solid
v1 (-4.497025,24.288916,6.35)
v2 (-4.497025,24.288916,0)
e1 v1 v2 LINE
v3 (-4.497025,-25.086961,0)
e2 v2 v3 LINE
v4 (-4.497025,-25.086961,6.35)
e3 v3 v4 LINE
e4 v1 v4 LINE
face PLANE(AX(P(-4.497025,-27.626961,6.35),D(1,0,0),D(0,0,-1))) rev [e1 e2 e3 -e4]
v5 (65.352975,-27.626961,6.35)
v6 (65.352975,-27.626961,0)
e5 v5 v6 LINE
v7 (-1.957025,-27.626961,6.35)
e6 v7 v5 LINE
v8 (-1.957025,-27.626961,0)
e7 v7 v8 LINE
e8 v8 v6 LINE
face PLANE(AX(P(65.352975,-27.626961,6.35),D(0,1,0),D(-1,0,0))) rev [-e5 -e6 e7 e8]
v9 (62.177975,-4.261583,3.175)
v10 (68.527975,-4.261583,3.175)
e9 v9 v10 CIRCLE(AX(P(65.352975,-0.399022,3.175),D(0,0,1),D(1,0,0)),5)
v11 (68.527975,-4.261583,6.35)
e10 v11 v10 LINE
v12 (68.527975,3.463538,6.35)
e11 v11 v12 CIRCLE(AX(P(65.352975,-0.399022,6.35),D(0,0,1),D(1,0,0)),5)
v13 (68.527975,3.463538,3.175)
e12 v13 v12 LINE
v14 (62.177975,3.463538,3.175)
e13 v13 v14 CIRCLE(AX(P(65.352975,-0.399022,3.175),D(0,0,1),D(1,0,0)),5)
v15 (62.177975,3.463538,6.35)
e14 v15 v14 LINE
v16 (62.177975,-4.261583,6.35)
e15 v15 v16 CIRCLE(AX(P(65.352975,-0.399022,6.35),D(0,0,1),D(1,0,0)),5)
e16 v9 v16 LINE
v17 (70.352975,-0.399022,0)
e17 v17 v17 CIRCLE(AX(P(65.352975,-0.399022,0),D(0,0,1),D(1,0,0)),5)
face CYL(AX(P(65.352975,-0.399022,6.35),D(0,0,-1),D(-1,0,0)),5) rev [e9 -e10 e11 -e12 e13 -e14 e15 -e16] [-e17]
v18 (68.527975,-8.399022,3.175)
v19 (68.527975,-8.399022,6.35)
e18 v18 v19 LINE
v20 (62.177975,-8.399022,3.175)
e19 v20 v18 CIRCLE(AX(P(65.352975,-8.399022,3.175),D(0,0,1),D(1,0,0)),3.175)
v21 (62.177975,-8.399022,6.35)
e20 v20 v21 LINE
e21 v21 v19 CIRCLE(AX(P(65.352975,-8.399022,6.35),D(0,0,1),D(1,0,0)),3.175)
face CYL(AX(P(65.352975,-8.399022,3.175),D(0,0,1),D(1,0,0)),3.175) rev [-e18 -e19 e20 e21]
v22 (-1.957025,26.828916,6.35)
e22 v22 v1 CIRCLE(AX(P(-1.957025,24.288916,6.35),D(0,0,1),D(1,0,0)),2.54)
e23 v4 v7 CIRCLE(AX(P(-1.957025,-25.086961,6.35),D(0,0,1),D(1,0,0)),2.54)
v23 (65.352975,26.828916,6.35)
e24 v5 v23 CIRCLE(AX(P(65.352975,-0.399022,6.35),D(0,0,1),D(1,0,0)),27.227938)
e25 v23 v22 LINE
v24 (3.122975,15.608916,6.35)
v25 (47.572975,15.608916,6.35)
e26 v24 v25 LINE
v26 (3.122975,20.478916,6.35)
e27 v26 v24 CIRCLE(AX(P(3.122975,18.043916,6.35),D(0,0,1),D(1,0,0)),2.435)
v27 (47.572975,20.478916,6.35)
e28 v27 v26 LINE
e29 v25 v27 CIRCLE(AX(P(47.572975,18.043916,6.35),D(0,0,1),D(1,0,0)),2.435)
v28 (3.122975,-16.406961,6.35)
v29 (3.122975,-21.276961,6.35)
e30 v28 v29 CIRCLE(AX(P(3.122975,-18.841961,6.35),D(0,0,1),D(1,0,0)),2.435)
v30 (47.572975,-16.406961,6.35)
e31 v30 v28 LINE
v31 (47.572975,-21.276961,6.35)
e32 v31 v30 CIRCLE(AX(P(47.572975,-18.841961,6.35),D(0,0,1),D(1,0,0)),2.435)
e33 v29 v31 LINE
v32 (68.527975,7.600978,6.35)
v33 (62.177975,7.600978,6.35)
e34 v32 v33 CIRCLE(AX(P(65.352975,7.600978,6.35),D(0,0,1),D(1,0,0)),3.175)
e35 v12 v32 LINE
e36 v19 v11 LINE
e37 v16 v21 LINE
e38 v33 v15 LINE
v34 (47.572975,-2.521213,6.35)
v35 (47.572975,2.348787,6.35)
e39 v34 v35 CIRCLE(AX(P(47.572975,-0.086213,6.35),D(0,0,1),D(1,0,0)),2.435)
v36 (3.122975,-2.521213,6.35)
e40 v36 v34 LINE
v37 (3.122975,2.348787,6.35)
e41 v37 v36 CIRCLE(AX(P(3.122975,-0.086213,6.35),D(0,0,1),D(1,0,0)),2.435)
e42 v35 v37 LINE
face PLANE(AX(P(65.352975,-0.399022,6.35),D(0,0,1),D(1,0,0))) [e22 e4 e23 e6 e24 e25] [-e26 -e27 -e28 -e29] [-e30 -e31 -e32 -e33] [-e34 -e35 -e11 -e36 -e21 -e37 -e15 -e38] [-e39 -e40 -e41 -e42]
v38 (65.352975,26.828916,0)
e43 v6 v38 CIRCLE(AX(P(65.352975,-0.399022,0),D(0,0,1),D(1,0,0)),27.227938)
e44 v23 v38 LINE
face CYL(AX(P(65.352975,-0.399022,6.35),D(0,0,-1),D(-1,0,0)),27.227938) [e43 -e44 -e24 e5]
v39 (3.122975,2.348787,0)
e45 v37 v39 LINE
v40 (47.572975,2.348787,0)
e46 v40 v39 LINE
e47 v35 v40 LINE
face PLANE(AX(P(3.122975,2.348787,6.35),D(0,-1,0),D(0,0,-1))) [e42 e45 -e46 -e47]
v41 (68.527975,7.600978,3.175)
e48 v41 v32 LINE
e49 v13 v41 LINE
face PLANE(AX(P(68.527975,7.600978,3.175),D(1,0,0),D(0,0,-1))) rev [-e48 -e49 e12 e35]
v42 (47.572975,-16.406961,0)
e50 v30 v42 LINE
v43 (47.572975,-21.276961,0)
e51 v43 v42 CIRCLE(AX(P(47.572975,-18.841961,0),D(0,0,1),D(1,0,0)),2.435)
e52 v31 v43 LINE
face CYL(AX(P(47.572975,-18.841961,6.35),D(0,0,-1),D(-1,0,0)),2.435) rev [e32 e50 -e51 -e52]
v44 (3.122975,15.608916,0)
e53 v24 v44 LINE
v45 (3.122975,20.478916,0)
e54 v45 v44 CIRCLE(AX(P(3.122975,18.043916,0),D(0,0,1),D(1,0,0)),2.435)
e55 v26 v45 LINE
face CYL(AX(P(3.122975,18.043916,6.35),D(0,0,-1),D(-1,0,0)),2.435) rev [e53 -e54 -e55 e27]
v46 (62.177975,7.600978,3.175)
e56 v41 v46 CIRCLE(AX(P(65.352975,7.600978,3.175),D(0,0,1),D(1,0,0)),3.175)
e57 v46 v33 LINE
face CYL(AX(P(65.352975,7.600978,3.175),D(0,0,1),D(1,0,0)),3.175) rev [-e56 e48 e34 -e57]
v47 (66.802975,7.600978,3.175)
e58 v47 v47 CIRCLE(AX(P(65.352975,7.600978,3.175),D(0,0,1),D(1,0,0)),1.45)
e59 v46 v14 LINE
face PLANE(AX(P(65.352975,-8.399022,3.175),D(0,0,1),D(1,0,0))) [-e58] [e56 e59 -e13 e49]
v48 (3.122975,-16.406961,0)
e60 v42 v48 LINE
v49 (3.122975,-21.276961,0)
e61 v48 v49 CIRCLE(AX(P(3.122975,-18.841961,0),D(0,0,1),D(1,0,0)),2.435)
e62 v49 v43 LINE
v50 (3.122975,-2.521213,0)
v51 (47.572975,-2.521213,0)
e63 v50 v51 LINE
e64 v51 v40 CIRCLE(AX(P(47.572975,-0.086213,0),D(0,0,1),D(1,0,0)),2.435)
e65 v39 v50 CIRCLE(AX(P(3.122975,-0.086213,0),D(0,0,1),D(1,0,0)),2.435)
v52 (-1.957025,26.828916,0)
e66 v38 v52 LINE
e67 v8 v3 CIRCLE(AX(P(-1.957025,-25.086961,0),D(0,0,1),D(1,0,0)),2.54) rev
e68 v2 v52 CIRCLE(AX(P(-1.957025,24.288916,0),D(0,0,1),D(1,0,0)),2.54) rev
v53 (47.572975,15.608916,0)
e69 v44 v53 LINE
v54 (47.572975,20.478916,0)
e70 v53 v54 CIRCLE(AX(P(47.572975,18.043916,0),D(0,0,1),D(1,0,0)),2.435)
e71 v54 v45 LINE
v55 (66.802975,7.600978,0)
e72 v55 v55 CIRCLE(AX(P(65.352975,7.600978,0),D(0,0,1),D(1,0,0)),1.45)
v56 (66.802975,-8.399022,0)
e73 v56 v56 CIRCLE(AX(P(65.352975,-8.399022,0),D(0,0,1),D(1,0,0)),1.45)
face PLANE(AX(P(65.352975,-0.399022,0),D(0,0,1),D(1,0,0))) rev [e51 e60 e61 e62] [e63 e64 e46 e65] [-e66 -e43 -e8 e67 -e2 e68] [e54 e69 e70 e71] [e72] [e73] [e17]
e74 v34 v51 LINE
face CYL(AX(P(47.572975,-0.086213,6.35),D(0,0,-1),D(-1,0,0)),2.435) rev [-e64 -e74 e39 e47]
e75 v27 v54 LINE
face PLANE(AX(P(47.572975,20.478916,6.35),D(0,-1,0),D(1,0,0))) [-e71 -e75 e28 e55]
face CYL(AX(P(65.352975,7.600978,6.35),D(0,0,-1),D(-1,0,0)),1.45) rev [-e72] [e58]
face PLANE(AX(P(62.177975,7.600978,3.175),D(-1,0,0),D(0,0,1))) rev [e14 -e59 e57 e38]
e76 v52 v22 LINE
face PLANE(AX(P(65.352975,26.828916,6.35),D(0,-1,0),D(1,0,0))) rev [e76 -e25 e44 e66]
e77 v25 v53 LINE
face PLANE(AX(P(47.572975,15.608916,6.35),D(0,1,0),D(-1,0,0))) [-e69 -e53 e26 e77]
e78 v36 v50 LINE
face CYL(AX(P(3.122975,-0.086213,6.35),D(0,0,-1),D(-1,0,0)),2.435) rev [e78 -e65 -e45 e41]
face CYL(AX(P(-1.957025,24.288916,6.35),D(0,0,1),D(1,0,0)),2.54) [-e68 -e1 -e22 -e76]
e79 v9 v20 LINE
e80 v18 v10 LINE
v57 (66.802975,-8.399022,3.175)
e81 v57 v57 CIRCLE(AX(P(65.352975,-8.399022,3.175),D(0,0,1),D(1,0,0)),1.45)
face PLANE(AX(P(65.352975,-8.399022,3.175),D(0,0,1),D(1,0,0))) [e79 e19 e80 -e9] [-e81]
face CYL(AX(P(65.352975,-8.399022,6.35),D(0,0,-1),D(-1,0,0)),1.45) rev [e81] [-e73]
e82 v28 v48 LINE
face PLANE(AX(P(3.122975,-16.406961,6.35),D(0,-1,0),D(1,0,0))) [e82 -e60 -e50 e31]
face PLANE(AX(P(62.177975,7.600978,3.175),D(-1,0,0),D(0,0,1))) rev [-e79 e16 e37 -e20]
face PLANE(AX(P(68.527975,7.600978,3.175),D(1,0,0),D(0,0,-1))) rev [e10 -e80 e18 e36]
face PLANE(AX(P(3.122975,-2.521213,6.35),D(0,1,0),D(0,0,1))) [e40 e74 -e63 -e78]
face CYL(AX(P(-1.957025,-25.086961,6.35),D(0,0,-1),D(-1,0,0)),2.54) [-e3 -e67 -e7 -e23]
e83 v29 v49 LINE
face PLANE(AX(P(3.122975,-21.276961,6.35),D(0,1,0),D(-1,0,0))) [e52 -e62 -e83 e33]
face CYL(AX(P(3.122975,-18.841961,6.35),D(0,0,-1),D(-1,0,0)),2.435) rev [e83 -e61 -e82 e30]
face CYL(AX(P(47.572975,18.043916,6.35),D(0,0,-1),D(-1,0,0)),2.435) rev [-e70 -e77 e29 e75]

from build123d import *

# Parameters (mm, degrees)
SKETCH1_R           = 5
SKETCH1_R_2         = 1.45
BOSS_EXTRUDE1_DEPTH = 6.35
FILLET1_R           = 2.54
FILLET2_R           = 2.54
CUT_EXTRUDE1_DEPTH  = 3.175


with BuildPart() as part:
    # Sketch1 → Boss-Extrude1 (new body)
    with BuildSketch(Plane.XY):
        with BuildLine():
            Line((-4.497024954, -27.626960595), (-4.497024954, 26.828916206))
            Line((-4.497024954, 26.828916206), (65.352975046, 26.828916206))
            ThreePointArc((65.352975046, 26.828916206), (92.580913446, -0.399022195), (65.352975046, -27.626960595))
            Line((65.352975046, -27.626960595), (-4.497024954, -27.626960595))
        make_face()
        with Locations((65.352975046, -0.399022195)):
            Circle(SKETCH1_R, mode=Mode.SUBTRACT)
        with Locations((65.352975046, 7.600977805)):
            Circle(SKETCH1_R_2, mode=Mode.SUBTRACT)
        with Locations((65.352975046, -8.399022195)):
            Circle(SKETCH1_R_2, mode=Mode.SUBTRACT)
        with BuildLine():
            Line((47.572975046, 15.608916206), (3.122975046, 15.608916206))
            ThreePointArc((3.122975046, 15.608916206), (0.687975046, 18.043916206), (3.122975046, 20.478916206))
            Line((3.122975046, 20.478916206), (47.572975046, 20.478916206))
            ThreePointArc((47.572975046, 20.478916206), (50.007975046, 18.043916206), (47.572975046, 15.608916206))
        make_face(mode=Mode.SUBTRACT)
        with BuildLine():
            Line((3.122975046, 2.348787201), (47.572975046, 2.348787201))
            ThreePointArc((47.572975046, 2.348787201), (50.007975046, -0.086212799), (47.572975046, -2.521212799))
            Line((47.572975046, -2.521212799), (3.122975046, -2.521212799))
            ThreePointArc((3.122975046, -2.521212799), (0.687975046, -0.086212799), (3.122975046, 2.348787201))
        make_face(mode=Mode.SUBTRACT)
        with BuildLine():
            Line((3.122975046, -16.406960595), (47.572975046, -16.406960595))
            ThreePointArc((47.572975046, -16.406960595), (50.007975046, -18.841960595), (47.572975046, -21.276960595))
            Line((47.572975046, -21.276960595), (3.122975046, -21.276960595))
            ThreePointArc((3.122975046, -21.276960595), (0.687975046, -18.841960595), (3.122975046, -16.406960595))
        make_face(mode=Mode.SUBTRACT)
    extrude(amount=BOSS_EXTRUDE1_DEPTH)

    # Fillet1
    fillet1_edges = [part.edges().sort_by_distance(p)[0] for p in [
        (-4.497024954, -27.626960595, 3.175),
    ]]
    fillet(fillet1_edges, radius=FILLET1_R)

    # Fillet2
    fillet2_edges = [part.edges().sort_by_distance(p)[0] for p in [
        (-4.497024954, 26.828916206, 3.175),
    ]]
    fillet(fillet2_edges, radius=FILLET2_R)

    # Sketch2 → Cut-Extrude1 (cut)
    with BuildSketch(Plane.XY.offset(6.35)):
        with BuildLine():
            Line((68.527975046, 7.600977805), (68.527975046, -8.399022195))
            ThreePointArc((68.527975046, -8.399022195), (65.352975046, -11.574022195), (62.177975046, -8.399022195))
            Line((62.177975046, -8.399022195), (62.177975046, 7.600977805))
            ThreePointArc((62.177975046, 7.600977805), (65.352975046, 10.775977805), (68.527975046, 7.600977805))
        make_face()
    extrude(amount=-CUT_EXTRUDE1_DEPTH, mode=Mode.SUBTRACT)


solid = part.part
